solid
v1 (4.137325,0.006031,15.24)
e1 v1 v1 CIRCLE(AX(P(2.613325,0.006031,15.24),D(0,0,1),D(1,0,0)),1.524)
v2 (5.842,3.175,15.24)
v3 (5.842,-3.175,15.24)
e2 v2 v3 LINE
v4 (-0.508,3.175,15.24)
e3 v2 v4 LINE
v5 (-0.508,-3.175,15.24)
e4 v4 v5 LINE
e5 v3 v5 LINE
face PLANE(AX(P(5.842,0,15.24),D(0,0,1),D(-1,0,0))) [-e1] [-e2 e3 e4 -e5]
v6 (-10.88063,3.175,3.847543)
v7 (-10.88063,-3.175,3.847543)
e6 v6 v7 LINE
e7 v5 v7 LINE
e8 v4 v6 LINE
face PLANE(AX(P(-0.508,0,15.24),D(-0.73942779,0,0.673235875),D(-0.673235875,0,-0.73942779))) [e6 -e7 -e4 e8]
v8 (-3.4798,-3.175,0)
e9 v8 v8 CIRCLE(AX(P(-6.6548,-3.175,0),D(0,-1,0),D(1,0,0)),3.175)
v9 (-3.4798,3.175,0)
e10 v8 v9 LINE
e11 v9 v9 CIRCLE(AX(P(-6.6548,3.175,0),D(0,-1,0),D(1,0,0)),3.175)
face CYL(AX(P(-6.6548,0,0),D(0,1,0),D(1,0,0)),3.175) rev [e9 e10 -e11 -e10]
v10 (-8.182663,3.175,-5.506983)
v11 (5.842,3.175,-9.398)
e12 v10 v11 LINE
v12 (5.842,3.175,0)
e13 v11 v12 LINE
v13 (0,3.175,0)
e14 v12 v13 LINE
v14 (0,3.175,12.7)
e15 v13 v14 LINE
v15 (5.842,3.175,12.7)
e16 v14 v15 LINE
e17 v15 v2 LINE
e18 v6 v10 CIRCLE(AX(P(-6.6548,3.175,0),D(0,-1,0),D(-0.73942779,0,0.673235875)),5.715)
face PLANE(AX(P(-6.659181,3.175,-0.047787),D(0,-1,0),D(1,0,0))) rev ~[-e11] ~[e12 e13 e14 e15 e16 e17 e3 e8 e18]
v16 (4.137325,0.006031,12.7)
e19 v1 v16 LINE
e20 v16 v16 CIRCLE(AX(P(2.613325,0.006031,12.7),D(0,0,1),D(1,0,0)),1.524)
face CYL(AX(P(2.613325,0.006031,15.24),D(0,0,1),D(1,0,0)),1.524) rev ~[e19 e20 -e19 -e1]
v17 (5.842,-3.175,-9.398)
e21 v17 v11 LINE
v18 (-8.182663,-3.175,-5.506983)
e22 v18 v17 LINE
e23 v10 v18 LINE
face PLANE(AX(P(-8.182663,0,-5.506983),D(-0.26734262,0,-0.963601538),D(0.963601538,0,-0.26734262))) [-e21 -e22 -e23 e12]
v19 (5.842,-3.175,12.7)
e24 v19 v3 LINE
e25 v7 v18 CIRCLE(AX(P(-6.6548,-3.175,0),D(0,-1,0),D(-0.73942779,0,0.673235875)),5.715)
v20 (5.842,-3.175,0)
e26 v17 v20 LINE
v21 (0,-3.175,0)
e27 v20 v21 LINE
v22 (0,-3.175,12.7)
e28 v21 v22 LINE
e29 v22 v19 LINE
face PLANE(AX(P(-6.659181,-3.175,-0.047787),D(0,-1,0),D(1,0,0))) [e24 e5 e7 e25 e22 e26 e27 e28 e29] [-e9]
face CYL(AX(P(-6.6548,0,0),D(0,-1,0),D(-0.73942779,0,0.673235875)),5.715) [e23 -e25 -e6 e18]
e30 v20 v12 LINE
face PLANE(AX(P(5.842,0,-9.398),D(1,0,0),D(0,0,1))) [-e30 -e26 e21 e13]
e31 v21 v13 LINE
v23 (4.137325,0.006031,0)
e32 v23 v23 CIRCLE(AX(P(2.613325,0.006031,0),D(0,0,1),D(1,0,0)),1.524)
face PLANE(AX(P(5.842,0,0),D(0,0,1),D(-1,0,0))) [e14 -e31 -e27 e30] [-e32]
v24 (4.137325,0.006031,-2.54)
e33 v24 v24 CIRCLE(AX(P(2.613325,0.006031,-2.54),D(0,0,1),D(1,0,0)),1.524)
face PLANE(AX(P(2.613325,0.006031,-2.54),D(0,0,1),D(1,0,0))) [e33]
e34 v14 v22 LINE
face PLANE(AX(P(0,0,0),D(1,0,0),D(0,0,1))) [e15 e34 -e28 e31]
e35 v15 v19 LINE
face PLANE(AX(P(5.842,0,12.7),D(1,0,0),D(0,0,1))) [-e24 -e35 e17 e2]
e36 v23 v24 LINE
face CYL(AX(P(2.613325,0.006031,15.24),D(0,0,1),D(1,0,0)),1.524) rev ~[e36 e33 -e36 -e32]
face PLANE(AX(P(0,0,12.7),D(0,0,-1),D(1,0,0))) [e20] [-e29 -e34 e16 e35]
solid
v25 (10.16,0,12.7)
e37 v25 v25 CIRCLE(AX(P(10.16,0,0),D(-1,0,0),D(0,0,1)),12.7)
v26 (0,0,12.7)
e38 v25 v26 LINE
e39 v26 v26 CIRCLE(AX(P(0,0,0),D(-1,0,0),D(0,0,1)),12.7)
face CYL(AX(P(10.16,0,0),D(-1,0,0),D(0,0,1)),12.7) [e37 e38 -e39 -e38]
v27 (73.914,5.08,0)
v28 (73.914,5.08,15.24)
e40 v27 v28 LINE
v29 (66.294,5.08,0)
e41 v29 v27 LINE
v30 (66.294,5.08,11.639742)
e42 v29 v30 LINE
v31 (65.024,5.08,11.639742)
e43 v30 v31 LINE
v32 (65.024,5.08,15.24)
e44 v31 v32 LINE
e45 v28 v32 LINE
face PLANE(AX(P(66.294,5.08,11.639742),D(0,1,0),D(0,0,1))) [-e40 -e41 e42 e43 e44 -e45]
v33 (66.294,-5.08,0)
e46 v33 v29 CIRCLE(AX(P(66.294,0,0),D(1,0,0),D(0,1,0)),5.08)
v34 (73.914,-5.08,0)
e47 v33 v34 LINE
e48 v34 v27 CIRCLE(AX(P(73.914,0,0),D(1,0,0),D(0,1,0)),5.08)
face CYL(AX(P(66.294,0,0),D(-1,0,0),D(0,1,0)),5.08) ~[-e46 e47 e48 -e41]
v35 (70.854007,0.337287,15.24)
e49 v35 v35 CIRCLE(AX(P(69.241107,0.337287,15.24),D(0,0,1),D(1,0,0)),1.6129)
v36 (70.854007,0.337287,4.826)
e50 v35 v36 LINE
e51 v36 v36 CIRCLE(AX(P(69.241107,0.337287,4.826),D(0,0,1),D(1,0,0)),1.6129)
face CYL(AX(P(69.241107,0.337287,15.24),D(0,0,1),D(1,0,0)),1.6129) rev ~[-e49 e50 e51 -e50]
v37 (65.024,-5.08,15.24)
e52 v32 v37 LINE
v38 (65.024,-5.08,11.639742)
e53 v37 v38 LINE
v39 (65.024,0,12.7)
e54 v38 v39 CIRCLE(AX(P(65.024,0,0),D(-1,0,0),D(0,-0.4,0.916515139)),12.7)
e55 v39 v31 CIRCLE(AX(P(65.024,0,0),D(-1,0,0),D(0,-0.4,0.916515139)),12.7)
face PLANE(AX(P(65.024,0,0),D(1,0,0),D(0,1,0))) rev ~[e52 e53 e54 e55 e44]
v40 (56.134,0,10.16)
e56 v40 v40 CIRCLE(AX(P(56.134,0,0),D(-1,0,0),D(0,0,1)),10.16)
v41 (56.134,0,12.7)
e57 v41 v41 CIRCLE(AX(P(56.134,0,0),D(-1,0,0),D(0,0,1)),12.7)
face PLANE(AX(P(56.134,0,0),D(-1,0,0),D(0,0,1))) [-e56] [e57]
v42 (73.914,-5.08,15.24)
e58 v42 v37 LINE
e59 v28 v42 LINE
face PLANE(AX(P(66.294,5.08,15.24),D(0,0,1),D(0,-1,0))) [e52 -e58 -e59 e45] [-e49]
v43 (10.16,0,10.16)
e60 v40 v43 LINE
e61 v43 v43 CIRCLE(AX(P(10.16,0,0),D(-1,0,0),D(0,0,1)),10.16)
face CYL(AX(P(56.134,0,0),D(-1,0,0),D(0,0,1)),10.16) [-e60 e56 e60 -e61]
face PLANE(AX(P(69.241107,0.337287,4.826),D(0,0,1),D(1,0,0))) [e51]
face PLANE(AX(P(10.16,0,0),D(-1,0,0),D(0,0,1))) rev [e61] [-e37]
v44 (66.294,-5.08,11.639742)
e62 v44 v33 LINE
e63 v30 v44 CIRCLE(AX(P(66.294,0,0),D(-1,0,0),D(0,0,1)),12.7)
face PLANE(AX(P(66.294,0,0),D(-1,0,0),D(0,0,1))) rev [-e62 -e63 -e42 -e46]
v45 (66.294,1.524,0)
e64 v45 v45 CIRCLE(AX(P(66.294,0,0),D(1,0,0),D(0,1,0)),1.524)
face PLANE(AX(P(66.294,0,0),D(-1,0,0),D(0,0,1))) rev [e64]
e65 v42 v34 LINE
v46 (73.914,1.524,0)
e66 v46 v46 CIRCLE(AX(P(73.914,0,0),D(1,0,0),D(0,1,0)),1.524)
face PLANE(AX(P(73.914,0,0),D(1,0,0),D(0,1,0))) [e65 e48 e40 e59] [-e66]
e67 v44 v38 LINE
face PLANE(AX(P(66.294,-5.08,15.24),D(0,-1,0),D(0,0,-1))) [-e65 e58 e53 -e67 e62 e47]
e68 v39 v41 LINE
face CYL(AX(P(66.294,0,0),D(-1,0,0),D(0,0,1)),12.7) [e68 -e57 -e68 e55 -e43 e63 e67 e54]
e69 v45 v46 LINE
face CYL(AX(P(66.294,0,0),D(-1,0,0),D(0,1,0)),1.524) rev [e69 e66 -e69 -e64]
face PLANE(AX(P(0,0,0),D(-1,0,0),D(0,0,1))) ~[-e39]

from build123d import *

# Parameters (mm, degrees)
F0_W     = 5.842
F0_H     = 12.7
F0_R     = 3.175
F2_DEPTH = 3.175
F3_R     = 1.524
F4_DEPTH = 7.62
F5_DEPTH = 1.27
F6_R     = 1.524
F7_DEPTH = 17.78
F8_R     = 1.6129
F9_DEPTH = 10.414


with BuildPart() as f1:
    # F0 (on Front) → F1 (revolve)
    with BuildSketch(Plane.XZ):
        Polygon((5.842, 12.7), (5.842, 0), (66.294, 0), (66.294, 12.7), (56.134, 12.7), (56.134, 10.16), (10.16, 10.16), (10.16, 12.7), align=None)
        with Locations((2.921, 6.35)):
            Rectangle(F0_W, F0_H)
    revolve(axis=Axis((33.147, 0, 0), (-1, 0, 0)))

    # F3 (on face) → F4 (join)
    with BuildSketch(Plane.YZ.offset(66.294)):
        with BuildLine():
            ThreePointArc((-5.08, 0), (0, -5.08), (5.08, 0))
            ThreePointArc((5.08, 0), (0, 5.08), (-5.08, 0))
        make_face()
        Circle(F3_R, mode=Mode.SUBTRACT)
        with BuildLine():
            ThreePointArc((-5.08, 0), (0, 5.08), (5.08, 0))
            Line((5.08, 0), (5.08, 11.6397422652))
            ThreePointArc((5.08, 11.6397422652), (0, 12.7), (-5.08, 11.6397422652))
            Line((-5.08, 11.6397422652), (-5.08, 0))
        make_face()
        with BuildLine():
            ThreePointArc((-5.08, 11.6397422652), (0, 12.7), (5.08, 11.6397422652))
            Line((5.08, 11.6397422652), (5.08, 15.24))
            Line((5.08, 15.24), (-5.08, 15.24))
            Line((-5.08, 15.24), (-5.08, 11.6397422652))
        make_face()
    extrude(amount=F4_DEPTH)

    # F5 (add): a face of the model
    f5_faces = [f1.faces().sort_by_distance(p)[0] for p in [
        (66.294, 0, 13.7792682875),
    ]]
    extrude(f5_faces, amount=F5_DEPTH)

    # F8 (on face) → F9 (cut)
    with BuildSketch(Plane.XY.offset(15.24)):
        with Locations((69.2411065102, 0.3372866195)):
            Circle(F8_R)
    extrude(amount=-F9_DEPTH, mode=Mode.SUBTRACT)


with BuildPart() as f2:
    # F0 (on Front) → F2 (new body, symmetric)
    with BuildSketch(Plane.XZ):
        with BuildLine():
            ThreePointArc((-8.1826630726, -5.5069827884), (-3.1957909266, -4.5493385486), (-0.9398, 0))
            ThreePointArc((-0.9398, 0), (-4.5919612295, 5.3297205562), (-10.8806298187, 3.8475430269))
            ThreePointArc((-10.8806298187, 3.8475430269), (-12.1459778134, -1.5837270034), (-8.1826630726, -5.5069827884))
        make_face()
        with Locations((-6.6548, 0)):
            Circle(F0_R, mode=Mode.SUBTRACT)
        with BuildLine():
            Line((-0.9398, 0), (0, 0))
            Line((0, 0), (0, 12.7))
            Line((0, 12.7), (5.842, 12.7))
            Line((5.842, 12.7), (5.842, 15.24))
            Line((5.842, 15.24), (-0.508, 15.24))
            Line((-0.508, 15.24), (-10.8806298187, 3.8475430269))
            ThreePointArc((-10.8806298187, 3.8475430269), (-4.5919612295, 5.3297205562), (-0.9398, 0))
        make_face()
        with BuildLine():
            Line((5.842, 0), (0, 0))
            Line((0, 0), (-0.9398, 0))
            ThreePointArc((-0.9398, 0), (-3.1957909266, -4.5493385486), (-8.1826630726, -5.5069827884))
            Line((-8.1826630726, -5.5069827884), (5.842, -9.398))
            Line((5.842, -9.398), (5.842, 0))
        make_face()
    extrude(amount=F2_DEPTH, both=True)

    # F6 (on face) → F7 (cut)
    with BuildSketch(Plane.XY.offset(15.24)):
        with Locations((2.613324672, 0.0060308498)):
            Circle(F6_R)
    extrude(amount=-F7_DEPTH, mode=Mode.SUBTRACT)


solid = Compound([f1.part, f2.part])
